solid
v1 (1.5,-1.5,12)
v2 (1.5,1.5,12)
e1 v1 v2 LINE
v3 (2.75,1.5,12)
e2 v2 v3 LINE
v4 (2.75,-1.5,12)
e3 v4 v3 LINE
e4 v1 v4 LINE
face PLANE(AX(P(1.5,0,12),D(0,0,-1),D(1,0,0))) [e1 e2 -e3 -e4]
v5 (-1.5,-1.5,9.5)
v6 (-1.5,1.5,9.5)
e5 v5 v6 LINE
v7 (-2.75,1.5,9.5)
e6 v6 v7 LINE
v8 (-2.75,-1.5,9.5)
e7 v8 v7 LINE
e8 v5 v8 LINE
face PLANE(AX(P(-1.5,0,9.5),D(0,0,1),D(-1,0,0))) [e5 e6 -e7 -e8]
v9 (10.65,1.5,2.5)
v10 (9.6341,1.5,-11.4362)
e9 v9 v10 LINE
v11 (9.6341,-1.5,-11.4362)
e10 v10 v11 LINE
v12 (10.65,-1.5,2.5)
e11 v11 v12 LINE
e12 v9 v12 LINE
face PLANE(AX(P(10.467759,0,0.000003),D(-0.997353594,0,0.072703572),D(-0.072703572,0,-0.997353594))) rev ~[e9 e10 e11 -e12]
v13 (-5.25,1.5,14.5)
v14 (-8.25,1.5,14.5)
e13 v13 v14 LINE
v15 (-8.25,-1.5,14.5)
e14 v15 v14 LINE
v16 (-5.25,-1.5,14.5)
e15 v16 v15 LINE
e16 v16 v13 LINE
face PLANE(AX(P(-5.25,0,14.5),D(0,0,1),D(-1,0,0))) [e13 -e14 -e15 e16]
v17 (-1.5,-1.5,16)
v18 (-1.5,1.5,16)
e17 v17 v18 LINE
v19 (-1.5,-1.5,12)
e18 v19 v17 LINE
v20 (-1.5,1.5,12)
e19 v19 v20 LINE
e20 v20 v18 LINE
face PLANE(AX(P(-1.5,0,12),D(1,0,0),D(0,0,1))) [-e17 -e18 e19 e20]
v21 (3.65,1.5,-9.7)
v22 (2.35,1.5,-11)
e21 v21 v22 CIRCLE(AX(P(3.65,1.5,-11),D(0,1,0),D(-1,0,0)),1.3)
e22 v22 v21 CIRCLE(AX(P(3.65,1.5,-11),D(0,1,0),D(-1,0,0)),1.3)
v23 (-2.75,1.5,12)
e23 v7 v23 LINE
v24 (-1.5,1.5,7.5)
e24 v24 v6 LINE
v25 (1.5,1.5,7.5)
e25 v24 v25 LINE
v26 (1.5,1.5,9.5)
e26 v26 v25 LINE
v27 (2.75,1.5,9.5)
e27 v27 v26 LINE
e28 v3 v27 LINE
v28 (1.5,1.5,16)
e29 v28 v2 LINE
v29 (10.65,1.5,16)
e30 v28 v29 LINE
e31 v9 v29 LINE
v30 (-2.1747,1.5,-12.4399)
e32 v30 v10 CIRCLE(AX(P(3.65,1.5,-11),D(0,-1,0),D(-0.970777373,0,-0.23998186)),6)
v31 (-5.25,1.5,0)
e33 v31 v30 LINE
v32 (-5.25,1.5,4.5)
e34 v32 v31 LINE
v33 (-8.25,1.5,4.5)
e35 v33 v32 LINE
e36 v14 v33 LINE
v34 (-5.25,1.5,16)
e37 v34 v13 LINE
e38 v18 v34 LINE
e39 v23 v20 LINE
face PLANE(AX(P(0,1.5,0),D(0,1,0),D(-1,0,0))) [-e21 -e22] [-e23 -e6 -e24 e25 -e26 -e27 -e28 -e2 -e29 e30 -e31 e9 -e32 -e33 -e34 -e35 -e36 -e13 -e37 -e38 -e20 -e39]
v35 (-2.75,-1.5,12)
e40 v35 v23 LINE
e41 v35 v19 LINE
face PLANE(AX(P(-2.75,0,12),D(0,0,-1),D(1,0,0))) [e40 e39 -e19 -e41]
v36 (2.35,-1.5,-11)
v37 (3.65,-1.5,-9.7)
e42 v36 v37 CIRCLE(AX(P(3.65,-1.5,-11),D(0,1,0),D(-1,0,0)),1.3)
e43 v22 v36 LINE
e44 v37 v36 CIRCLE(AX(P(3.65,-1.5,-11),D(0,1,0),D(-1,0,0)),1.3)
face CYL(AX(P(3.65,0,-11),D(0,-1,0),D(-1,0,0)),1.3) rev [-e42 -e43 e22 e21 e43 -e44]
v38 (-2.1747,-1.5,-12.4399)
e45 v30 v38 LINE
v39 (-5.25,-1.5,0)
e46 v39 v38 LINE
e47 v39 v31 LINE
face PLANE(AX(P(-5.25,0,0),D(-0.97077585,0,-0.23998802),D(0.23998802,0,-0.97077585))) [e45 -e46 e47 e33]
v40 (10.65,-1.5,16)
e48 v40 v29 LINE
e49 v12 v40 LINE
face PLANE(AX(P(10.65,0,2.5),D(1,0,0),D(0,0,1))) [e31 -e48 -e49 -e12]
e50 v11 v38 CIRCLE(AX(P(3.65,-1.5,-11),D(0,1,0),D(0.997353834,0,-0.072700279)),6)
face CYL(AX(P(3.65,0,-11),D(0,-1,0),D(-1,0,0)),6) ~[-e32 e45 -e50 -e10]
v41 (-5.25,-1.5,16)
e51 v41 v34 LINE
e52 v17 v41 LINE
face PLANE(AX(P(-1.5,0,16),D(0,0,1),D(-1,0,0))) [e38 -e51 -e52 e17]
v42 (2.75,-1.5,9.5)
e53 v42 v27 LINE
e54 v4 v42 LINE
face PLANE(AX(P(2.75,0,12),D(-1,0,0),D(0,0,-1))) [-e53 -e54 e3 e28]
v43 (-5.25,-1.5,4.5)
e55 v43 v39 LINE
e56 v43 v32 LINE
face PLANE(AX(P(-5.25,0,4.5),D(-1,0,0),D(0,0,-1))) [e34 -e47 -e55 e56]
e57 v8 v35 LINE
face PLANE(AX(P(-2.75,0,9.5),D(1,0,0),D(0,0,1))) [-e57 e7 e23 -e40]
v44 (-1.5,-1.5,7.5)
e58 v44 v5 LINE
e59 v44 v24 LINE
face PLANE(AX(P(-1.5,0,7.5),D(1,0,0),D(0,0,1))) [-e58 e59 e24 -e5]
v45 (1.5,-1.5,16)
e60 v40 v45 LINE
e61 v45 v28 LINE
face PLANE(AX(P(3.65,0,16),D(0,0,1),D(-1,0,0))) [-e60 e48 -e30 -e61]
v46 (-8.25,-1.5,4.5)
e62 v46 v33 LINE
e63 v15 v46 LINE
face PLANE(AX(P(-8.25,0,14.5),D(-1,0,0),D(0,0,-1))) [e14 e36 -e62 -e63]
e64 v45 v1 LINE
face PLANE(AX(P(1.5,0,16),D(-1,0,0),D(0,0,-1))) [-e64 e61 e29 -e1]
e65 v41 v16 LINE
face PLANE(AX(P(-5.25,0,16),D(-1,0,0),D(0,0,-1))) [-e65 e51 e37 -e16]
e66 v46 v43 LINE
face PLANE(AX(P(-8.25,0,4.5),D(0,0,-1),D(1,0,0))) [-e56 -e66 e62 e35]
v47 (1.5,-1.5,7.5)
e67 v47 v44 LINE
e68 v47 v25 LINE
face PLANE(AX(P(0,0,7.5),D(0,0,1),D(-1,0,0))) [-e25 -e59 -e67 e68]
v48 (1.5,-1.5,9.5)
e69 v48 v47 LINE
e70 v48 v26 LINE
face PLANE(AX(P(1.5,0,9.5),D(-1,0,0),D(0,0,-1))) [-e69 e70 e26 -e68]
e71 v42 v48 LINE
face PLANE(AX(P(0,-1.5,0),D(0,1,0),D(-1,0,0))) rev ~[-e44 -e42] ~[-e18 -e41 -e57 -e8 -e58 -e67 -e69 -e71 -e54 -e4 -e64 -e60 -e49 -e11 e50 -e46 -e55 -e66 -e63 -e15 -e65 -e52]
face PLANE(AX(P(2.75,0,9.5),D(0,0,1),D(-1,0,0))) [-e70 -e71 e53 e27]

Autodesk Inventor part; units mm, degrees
ref_plane "YZ Plane" through (0, 0, 0) normal (1, 0, 0) x (0, 1, 0)
ref_plane "XZ Plane" through (0, 0, 0) normal (0, 1, 0) x (-1, 0, 0)
ref_plane "XY Plane" through (0, 0, 0) normal (0, 0, 1) x (1, 0, 0)
sketch "草圖1" plane through (0, 0, 0) normal (0, 1, 0) x (-1, 0, 0)
  line L0 (12.03, 0) -> (-14.43, 0) projected
  line L1 (5.25, 0) -> (-10.4678, 0)
  line L2 (-10.65, 2.5) -> (-10.65, 16)
  line L3 (-10.65, 16) -> (5.25, 16)
  line L4 (5.25, 16) -> (5.25, 0)
  line L5 (5.25, 14.5) -> (8.25, 14.5)
  line L6 (8.25, 14.5) -> (8.25, 4.5)
  line L7 (8.25, 4.5) -> (5.25, 4.5)
  line L8 (5.25, 4.5) -> (5.25, 14.5)
  line L9 (1.5, 16) -> (-1.5, 16)
  line L10 (-1.5, 16) -> (-1.5, 12)
  line L11 (-1.5, 12) -> (1.5, 12)
  line L12 (1.5, 12) -> (1.5, 16)
  line L13 (0, -23.6) -> (0, 22.6) projected
  line L14 (2.75, 12) -> (-2.75, 12)
  line L15 (-2.75, 12) -> (-2.75, 9.5)
  line L16 (-2.75, 9.5) -> (2.75, 9.5)
  line L17 (2.75, 9.5) -> (2.75, 12)
  line L18 (1.5, 9.5) -> (-1.5, 9.5)
  line L19 (-1.5, 9.5) -> (-1.5, 7.5)
  line L20 (-1.5, 7.5) -> (1.5, 7.5)
  line L21 (1.5, 7.5) -> (1.5, 9.5)
  line L22 (-10.65, 16) -> (-3.65, 16)
  line L23 (-3.65, 16) -> (-3.65, -11)
  circle A0 centre (-3.65, -11) radius 1.3
  circle A1 centre (-3.65, -11) radius 6
  line L24 (5.25, 0) -> (2.1747, -12.4399)
  line L25 (-10.65, 16) -> (-10.65, 2.5)
  line L26 (-10.65, 2.5) -> (-9.6341, -11.4362)
  dimension "d0" = 16
  dimension "d1" = 15.9
  dimension "d2" = 3
  dimension "d3" = 10
  dimension "d4" = 1.5
  dimension "d5" = 1.5
  dimension "d6" = 3
  dimension "d7" = 4
  dimension "d8" = 2.5
  dimension "d9" = 1.25
  dimension "d10" = 1.25
  dimension "d11" = 1.5
  dimension "d12" = 3
  dimension "d13" = 2
  dimension "d14" = 9.15
  dimension "d15" = 7
  dimension "d16" = 27
  dimension "d17" = 2.6
  dimension "d18" = 12
  dimension "d19" = 13.5
extrude "擠出1" add sketch "草圖1" along normal mid plane 3 contours L24 A1 L13 L0 | L0 L13 L20 L21 L16 L17 L14 L12 L3 L4 | L13 A1 L23 L0 | L0 L23 L3 L10 L14 L15 L16 L19 L20 L13 | L4 L5 L6 L7 | A1 L13 | L23 A1 L26 L0 | L0 L26 L2 L3 L23 | L13 A1
properties part number "板子8"
